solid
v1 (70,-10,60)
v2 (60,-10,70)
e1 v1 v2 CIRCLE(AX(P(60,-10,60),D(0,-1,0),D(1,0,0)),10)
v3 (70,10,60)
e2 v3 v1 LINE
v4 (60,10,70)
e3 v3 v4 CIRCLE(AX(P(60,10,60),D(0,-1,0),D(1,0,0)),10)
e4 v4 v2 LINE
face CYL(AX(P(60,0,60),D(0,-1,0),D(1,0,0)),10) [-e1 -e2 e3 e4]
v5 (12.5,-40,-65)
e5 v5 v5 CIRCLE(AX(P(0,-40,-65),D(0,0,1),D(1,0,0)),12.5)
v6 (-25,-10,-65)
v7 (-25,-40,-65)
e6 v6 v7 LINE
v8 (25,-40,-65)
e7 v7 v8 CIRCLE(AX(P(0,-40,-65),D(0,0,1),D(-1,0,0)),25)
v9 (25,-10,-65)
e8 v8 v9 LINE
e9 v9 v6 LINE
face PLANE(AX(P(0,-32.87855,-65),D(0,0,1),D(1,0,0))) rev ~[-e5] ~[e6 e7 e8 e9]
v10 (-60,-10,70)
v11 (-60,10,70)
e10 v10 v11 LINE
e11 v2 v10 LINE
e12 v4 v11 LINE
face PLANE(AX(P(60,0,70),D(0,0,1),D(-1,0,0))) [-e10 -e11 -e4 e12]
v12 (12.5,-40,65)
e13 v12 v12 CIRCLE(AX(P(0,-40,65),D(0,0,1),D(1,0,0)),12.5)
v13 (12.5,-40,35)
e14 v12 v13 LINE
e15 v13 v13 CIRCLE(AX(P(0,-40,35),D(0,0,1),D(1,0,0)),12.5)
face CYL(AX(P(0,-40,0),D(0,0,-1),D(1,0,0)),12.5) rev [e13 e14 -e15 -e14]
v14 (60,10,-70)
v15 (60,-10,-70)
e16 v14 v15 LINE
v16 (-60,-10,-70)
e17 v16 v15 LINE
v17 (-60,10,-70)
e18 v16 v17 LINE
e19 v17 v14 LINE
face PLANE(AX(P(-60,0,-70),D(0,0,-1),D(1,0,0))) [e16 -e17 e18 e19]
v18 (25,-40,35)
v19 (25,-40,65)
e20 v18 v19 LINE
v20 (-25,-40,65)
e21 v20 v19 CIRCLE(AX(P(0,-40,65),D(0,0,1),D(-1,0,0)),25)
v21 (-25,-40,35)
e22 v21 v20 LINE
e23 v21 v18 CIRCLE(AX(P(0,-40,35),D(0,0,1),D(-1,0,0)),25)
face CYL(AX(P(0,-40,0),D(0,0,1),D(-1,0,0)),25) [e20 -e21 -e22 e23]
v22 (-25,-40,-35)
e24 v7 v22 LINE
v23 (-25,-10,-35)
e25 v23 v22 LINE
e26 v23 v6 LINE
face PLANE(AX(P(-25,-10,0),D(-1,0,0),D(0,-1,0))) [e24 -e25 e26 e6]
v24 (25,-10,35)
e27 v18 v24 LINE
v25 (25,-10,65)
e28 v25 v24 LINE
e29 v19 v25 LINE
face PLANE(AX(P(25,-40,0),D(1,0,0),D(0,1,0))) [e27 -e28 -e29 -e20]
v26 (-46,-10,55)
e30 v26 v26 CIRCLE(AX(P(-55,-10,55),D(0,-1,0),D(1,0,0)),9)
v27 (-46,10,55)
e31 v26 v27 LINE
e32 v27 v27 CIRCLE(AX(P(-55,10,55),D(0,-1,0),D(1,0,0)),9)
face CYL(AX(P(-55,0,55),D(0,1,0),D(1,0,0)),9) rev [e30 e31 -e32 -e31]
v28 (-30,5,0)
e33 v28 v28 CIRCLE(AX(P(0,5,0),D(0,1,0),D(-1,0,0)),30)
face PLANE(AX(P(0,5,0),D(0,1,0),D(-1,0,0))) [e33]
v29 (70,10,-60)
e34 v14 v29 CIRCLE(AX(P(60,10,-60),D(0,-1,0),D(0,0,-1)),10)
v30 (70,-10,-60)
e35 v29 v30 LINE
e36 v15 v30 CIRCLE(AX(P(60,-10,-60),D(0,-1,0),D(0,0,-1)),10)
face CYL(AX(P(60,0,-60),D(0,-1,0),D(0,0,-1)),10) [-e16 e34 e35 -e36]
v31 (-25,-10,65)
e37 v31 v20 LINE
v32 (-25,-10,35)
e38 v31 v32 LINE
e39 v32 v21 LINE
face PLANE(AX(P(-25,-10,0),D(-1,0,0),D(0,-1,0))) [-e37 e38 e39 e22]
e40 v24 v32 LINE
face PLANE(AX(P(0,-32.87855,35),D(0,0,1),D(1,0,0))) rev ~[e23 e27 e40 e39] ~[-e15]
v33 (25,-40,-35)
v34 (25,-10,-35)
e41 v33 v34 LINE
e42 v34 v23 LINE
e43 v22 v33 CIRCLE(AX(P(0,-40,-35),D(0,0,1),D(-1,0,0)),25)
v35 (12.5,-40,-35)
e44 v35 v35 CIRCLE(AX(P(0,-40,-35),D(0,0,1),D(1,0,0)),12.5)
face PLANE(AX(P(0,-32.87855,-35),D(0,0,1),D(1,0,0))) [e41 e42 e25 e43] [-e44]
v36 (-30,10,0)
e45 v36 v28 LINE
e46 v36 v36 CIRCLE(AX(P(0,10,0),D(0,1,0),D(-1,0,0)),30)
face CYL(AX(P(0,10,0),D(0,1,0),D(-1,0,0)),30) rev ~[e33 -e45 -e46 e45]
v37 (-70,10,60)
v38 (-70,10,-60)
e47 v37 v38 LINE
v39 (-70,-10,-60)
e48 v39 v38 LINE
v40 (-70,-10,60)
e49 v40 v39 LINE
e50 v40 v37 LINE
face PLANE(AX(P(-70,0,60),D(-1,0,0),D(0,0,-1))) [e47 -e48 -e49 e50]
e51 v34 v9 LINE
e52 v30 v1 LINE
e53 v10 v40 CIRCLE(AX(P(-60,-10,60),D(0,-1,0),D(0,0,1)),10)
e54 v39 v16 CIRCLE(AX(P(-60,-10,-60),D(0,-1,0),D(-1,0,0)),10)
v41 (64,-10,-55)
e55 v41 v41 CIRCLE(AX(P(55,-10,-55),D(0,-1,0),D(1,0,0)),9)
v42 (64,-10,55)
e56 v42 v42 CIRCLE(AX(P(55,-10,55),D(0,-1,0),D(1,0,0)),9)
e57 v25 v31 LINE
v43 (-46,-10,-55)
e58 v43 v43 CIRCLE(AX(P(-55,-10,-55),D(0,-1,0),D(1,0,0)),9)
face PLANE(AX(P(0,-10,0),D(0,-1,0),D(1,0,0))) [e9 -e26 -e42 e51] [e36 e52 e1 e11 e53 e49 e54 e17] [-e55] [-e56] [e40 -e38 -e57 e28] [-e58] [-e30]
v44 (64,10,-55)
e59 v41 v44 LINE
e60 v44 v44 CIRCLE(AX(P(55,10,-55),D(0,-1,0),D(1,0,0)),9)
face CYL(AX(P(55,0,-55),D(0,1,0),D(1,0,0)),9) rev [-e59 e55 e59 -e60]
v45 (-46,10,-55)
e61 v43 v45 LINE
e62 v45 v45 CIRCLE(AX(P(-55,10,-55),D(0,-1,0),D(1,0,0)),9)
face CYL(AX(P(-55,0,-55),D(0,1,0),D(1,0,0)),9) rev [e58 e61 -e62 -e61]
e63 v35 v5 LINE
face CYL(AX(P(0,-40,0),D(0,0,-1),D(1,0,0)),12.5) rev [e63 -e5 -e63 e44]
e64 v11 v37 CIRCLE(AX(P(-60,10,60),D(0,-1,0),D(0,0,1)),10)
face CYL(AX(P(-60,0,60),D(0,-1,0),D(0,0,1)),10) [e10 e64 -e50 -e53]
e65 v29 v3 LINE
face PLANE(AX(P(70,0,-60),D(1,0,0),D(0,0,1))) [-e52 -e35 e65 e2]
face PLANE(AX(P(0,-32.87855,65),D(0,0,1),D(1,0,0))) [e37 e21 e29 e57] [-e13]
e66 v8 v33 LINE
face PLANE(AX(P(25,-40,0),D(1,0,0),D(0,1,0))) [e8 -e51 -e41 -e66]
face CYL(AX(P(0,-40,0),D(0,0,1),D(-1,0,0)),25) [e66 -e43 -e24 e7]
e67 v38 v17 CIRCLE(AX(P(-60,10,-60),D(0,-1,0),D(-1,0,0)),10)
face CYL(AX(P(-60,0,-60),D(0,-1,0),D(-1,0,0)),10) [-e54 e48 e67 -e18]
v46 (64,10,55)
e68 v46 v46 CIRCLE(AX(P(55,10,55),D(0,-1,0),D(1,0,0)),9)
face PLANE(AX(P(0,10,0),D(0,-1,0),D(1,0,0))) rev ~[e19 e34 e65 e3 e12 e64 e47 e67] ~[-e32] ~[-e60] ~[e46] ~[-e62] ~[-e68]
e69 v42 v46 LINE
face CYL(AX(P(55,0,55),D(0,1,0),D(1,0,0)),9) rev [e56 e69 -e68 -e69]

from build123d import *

# Parameters (mm, degrees)
F0_R     = 9
F1_DEPTH = 10
F3_R     = 12.5
F4_DEPTH = 65
F5_DEPTH = 35
F7_R     = 30
F8_DEPTH = 5


with BuildPart() as f1:
    # F0 (on Front) → F1 (new body, symmetric)
    with BuildSketch(Plane.XZ):
        with BuildLine():
            Line((-60, -70), (60, -70))
            ThreePointArc((60, -70), (67.0710678119, -67.0710678119), (70, -60))
            Line((70, -60), (70, 60))
            ThreePointArc((70, 60), (67.0710678119, 67.0710678119), (60, 70))
            Line((60, 70), (-60, 70))
            ThreePointArc((-60, 70), (-67.0710678119, 67.0710678119), (-70, 60))
            Line((-70, 60), (-70, -60))
            ThreePointArc((-70, -60), (-67.0710678119, -67.0710678119), (-60, -70))
        make_face()
        with Locations((-55, -55)):
            Circle(F0_R, mode=Mode.SUBTRACT)
        with Locations((55, -55)):
            Circle(F0_R, mode=Mode.SUBTRACT)
        with Locations((-55, 55)):
            Circle(F0_R, mode=Mode.SUBTRACT)
        with Locations((55, 55)):
            Circle(F0_R, mode=Mode.SUBTRACT)
    extrude(amount=F1_DEPTH, both=True)

    # F3 (on Top) → F4 (join, symmetric)
    with BuildSketch(Plane.XY):
        with BuildLine():
            Line((-25, -10), (-25, -40))
            ThreePointArc((-25, -40), (0, -65), (25, -40))
            Line((25, -40), (25, -10))
            Line((25, -10), (-25, -10))
        make_face()
        with Locations((0, -40)):
            Circle(F3_R, mode=Mode.SUBTRACT)
    extrude(amount=F4_DEPTH, both=True)


with BuildPart() as f5:
    # F3 (on Top) → F5 (new body, symmetric)
    with BuildSketch(Plane.XY):
        with BuildLine():
            Line((-25, -10), (-25, -40))
            ThreePointArc((-25, -40), (0, -65), (25, -40))
            Line((25, -40), (25, -10))
            Line((25, -10), (-25, -10))
        make_face()
        with Locations((0, -40)):
            Circle(F3_R, mode=Mode.SUBTRACT)
    extrude(amount=F5_DEPTH, both=True)


with BuildPart() as f1_1:
    add(f1.part)

    # F6: cut F5
    add(f5.part, mode=Mode.SUBTRACT)

    # F7 (on face) → F8 (cut)
    with BuildSketch(Plane(origin=(0, 10, 0), x_dir=(-1, 0, 0), z_dir=(0, 1, 0))):
        Circle(F7_R)
    extrude(amount=-F8_DEPTH, mode=Mode.SUBTRACT)


solid = f1_1.part
